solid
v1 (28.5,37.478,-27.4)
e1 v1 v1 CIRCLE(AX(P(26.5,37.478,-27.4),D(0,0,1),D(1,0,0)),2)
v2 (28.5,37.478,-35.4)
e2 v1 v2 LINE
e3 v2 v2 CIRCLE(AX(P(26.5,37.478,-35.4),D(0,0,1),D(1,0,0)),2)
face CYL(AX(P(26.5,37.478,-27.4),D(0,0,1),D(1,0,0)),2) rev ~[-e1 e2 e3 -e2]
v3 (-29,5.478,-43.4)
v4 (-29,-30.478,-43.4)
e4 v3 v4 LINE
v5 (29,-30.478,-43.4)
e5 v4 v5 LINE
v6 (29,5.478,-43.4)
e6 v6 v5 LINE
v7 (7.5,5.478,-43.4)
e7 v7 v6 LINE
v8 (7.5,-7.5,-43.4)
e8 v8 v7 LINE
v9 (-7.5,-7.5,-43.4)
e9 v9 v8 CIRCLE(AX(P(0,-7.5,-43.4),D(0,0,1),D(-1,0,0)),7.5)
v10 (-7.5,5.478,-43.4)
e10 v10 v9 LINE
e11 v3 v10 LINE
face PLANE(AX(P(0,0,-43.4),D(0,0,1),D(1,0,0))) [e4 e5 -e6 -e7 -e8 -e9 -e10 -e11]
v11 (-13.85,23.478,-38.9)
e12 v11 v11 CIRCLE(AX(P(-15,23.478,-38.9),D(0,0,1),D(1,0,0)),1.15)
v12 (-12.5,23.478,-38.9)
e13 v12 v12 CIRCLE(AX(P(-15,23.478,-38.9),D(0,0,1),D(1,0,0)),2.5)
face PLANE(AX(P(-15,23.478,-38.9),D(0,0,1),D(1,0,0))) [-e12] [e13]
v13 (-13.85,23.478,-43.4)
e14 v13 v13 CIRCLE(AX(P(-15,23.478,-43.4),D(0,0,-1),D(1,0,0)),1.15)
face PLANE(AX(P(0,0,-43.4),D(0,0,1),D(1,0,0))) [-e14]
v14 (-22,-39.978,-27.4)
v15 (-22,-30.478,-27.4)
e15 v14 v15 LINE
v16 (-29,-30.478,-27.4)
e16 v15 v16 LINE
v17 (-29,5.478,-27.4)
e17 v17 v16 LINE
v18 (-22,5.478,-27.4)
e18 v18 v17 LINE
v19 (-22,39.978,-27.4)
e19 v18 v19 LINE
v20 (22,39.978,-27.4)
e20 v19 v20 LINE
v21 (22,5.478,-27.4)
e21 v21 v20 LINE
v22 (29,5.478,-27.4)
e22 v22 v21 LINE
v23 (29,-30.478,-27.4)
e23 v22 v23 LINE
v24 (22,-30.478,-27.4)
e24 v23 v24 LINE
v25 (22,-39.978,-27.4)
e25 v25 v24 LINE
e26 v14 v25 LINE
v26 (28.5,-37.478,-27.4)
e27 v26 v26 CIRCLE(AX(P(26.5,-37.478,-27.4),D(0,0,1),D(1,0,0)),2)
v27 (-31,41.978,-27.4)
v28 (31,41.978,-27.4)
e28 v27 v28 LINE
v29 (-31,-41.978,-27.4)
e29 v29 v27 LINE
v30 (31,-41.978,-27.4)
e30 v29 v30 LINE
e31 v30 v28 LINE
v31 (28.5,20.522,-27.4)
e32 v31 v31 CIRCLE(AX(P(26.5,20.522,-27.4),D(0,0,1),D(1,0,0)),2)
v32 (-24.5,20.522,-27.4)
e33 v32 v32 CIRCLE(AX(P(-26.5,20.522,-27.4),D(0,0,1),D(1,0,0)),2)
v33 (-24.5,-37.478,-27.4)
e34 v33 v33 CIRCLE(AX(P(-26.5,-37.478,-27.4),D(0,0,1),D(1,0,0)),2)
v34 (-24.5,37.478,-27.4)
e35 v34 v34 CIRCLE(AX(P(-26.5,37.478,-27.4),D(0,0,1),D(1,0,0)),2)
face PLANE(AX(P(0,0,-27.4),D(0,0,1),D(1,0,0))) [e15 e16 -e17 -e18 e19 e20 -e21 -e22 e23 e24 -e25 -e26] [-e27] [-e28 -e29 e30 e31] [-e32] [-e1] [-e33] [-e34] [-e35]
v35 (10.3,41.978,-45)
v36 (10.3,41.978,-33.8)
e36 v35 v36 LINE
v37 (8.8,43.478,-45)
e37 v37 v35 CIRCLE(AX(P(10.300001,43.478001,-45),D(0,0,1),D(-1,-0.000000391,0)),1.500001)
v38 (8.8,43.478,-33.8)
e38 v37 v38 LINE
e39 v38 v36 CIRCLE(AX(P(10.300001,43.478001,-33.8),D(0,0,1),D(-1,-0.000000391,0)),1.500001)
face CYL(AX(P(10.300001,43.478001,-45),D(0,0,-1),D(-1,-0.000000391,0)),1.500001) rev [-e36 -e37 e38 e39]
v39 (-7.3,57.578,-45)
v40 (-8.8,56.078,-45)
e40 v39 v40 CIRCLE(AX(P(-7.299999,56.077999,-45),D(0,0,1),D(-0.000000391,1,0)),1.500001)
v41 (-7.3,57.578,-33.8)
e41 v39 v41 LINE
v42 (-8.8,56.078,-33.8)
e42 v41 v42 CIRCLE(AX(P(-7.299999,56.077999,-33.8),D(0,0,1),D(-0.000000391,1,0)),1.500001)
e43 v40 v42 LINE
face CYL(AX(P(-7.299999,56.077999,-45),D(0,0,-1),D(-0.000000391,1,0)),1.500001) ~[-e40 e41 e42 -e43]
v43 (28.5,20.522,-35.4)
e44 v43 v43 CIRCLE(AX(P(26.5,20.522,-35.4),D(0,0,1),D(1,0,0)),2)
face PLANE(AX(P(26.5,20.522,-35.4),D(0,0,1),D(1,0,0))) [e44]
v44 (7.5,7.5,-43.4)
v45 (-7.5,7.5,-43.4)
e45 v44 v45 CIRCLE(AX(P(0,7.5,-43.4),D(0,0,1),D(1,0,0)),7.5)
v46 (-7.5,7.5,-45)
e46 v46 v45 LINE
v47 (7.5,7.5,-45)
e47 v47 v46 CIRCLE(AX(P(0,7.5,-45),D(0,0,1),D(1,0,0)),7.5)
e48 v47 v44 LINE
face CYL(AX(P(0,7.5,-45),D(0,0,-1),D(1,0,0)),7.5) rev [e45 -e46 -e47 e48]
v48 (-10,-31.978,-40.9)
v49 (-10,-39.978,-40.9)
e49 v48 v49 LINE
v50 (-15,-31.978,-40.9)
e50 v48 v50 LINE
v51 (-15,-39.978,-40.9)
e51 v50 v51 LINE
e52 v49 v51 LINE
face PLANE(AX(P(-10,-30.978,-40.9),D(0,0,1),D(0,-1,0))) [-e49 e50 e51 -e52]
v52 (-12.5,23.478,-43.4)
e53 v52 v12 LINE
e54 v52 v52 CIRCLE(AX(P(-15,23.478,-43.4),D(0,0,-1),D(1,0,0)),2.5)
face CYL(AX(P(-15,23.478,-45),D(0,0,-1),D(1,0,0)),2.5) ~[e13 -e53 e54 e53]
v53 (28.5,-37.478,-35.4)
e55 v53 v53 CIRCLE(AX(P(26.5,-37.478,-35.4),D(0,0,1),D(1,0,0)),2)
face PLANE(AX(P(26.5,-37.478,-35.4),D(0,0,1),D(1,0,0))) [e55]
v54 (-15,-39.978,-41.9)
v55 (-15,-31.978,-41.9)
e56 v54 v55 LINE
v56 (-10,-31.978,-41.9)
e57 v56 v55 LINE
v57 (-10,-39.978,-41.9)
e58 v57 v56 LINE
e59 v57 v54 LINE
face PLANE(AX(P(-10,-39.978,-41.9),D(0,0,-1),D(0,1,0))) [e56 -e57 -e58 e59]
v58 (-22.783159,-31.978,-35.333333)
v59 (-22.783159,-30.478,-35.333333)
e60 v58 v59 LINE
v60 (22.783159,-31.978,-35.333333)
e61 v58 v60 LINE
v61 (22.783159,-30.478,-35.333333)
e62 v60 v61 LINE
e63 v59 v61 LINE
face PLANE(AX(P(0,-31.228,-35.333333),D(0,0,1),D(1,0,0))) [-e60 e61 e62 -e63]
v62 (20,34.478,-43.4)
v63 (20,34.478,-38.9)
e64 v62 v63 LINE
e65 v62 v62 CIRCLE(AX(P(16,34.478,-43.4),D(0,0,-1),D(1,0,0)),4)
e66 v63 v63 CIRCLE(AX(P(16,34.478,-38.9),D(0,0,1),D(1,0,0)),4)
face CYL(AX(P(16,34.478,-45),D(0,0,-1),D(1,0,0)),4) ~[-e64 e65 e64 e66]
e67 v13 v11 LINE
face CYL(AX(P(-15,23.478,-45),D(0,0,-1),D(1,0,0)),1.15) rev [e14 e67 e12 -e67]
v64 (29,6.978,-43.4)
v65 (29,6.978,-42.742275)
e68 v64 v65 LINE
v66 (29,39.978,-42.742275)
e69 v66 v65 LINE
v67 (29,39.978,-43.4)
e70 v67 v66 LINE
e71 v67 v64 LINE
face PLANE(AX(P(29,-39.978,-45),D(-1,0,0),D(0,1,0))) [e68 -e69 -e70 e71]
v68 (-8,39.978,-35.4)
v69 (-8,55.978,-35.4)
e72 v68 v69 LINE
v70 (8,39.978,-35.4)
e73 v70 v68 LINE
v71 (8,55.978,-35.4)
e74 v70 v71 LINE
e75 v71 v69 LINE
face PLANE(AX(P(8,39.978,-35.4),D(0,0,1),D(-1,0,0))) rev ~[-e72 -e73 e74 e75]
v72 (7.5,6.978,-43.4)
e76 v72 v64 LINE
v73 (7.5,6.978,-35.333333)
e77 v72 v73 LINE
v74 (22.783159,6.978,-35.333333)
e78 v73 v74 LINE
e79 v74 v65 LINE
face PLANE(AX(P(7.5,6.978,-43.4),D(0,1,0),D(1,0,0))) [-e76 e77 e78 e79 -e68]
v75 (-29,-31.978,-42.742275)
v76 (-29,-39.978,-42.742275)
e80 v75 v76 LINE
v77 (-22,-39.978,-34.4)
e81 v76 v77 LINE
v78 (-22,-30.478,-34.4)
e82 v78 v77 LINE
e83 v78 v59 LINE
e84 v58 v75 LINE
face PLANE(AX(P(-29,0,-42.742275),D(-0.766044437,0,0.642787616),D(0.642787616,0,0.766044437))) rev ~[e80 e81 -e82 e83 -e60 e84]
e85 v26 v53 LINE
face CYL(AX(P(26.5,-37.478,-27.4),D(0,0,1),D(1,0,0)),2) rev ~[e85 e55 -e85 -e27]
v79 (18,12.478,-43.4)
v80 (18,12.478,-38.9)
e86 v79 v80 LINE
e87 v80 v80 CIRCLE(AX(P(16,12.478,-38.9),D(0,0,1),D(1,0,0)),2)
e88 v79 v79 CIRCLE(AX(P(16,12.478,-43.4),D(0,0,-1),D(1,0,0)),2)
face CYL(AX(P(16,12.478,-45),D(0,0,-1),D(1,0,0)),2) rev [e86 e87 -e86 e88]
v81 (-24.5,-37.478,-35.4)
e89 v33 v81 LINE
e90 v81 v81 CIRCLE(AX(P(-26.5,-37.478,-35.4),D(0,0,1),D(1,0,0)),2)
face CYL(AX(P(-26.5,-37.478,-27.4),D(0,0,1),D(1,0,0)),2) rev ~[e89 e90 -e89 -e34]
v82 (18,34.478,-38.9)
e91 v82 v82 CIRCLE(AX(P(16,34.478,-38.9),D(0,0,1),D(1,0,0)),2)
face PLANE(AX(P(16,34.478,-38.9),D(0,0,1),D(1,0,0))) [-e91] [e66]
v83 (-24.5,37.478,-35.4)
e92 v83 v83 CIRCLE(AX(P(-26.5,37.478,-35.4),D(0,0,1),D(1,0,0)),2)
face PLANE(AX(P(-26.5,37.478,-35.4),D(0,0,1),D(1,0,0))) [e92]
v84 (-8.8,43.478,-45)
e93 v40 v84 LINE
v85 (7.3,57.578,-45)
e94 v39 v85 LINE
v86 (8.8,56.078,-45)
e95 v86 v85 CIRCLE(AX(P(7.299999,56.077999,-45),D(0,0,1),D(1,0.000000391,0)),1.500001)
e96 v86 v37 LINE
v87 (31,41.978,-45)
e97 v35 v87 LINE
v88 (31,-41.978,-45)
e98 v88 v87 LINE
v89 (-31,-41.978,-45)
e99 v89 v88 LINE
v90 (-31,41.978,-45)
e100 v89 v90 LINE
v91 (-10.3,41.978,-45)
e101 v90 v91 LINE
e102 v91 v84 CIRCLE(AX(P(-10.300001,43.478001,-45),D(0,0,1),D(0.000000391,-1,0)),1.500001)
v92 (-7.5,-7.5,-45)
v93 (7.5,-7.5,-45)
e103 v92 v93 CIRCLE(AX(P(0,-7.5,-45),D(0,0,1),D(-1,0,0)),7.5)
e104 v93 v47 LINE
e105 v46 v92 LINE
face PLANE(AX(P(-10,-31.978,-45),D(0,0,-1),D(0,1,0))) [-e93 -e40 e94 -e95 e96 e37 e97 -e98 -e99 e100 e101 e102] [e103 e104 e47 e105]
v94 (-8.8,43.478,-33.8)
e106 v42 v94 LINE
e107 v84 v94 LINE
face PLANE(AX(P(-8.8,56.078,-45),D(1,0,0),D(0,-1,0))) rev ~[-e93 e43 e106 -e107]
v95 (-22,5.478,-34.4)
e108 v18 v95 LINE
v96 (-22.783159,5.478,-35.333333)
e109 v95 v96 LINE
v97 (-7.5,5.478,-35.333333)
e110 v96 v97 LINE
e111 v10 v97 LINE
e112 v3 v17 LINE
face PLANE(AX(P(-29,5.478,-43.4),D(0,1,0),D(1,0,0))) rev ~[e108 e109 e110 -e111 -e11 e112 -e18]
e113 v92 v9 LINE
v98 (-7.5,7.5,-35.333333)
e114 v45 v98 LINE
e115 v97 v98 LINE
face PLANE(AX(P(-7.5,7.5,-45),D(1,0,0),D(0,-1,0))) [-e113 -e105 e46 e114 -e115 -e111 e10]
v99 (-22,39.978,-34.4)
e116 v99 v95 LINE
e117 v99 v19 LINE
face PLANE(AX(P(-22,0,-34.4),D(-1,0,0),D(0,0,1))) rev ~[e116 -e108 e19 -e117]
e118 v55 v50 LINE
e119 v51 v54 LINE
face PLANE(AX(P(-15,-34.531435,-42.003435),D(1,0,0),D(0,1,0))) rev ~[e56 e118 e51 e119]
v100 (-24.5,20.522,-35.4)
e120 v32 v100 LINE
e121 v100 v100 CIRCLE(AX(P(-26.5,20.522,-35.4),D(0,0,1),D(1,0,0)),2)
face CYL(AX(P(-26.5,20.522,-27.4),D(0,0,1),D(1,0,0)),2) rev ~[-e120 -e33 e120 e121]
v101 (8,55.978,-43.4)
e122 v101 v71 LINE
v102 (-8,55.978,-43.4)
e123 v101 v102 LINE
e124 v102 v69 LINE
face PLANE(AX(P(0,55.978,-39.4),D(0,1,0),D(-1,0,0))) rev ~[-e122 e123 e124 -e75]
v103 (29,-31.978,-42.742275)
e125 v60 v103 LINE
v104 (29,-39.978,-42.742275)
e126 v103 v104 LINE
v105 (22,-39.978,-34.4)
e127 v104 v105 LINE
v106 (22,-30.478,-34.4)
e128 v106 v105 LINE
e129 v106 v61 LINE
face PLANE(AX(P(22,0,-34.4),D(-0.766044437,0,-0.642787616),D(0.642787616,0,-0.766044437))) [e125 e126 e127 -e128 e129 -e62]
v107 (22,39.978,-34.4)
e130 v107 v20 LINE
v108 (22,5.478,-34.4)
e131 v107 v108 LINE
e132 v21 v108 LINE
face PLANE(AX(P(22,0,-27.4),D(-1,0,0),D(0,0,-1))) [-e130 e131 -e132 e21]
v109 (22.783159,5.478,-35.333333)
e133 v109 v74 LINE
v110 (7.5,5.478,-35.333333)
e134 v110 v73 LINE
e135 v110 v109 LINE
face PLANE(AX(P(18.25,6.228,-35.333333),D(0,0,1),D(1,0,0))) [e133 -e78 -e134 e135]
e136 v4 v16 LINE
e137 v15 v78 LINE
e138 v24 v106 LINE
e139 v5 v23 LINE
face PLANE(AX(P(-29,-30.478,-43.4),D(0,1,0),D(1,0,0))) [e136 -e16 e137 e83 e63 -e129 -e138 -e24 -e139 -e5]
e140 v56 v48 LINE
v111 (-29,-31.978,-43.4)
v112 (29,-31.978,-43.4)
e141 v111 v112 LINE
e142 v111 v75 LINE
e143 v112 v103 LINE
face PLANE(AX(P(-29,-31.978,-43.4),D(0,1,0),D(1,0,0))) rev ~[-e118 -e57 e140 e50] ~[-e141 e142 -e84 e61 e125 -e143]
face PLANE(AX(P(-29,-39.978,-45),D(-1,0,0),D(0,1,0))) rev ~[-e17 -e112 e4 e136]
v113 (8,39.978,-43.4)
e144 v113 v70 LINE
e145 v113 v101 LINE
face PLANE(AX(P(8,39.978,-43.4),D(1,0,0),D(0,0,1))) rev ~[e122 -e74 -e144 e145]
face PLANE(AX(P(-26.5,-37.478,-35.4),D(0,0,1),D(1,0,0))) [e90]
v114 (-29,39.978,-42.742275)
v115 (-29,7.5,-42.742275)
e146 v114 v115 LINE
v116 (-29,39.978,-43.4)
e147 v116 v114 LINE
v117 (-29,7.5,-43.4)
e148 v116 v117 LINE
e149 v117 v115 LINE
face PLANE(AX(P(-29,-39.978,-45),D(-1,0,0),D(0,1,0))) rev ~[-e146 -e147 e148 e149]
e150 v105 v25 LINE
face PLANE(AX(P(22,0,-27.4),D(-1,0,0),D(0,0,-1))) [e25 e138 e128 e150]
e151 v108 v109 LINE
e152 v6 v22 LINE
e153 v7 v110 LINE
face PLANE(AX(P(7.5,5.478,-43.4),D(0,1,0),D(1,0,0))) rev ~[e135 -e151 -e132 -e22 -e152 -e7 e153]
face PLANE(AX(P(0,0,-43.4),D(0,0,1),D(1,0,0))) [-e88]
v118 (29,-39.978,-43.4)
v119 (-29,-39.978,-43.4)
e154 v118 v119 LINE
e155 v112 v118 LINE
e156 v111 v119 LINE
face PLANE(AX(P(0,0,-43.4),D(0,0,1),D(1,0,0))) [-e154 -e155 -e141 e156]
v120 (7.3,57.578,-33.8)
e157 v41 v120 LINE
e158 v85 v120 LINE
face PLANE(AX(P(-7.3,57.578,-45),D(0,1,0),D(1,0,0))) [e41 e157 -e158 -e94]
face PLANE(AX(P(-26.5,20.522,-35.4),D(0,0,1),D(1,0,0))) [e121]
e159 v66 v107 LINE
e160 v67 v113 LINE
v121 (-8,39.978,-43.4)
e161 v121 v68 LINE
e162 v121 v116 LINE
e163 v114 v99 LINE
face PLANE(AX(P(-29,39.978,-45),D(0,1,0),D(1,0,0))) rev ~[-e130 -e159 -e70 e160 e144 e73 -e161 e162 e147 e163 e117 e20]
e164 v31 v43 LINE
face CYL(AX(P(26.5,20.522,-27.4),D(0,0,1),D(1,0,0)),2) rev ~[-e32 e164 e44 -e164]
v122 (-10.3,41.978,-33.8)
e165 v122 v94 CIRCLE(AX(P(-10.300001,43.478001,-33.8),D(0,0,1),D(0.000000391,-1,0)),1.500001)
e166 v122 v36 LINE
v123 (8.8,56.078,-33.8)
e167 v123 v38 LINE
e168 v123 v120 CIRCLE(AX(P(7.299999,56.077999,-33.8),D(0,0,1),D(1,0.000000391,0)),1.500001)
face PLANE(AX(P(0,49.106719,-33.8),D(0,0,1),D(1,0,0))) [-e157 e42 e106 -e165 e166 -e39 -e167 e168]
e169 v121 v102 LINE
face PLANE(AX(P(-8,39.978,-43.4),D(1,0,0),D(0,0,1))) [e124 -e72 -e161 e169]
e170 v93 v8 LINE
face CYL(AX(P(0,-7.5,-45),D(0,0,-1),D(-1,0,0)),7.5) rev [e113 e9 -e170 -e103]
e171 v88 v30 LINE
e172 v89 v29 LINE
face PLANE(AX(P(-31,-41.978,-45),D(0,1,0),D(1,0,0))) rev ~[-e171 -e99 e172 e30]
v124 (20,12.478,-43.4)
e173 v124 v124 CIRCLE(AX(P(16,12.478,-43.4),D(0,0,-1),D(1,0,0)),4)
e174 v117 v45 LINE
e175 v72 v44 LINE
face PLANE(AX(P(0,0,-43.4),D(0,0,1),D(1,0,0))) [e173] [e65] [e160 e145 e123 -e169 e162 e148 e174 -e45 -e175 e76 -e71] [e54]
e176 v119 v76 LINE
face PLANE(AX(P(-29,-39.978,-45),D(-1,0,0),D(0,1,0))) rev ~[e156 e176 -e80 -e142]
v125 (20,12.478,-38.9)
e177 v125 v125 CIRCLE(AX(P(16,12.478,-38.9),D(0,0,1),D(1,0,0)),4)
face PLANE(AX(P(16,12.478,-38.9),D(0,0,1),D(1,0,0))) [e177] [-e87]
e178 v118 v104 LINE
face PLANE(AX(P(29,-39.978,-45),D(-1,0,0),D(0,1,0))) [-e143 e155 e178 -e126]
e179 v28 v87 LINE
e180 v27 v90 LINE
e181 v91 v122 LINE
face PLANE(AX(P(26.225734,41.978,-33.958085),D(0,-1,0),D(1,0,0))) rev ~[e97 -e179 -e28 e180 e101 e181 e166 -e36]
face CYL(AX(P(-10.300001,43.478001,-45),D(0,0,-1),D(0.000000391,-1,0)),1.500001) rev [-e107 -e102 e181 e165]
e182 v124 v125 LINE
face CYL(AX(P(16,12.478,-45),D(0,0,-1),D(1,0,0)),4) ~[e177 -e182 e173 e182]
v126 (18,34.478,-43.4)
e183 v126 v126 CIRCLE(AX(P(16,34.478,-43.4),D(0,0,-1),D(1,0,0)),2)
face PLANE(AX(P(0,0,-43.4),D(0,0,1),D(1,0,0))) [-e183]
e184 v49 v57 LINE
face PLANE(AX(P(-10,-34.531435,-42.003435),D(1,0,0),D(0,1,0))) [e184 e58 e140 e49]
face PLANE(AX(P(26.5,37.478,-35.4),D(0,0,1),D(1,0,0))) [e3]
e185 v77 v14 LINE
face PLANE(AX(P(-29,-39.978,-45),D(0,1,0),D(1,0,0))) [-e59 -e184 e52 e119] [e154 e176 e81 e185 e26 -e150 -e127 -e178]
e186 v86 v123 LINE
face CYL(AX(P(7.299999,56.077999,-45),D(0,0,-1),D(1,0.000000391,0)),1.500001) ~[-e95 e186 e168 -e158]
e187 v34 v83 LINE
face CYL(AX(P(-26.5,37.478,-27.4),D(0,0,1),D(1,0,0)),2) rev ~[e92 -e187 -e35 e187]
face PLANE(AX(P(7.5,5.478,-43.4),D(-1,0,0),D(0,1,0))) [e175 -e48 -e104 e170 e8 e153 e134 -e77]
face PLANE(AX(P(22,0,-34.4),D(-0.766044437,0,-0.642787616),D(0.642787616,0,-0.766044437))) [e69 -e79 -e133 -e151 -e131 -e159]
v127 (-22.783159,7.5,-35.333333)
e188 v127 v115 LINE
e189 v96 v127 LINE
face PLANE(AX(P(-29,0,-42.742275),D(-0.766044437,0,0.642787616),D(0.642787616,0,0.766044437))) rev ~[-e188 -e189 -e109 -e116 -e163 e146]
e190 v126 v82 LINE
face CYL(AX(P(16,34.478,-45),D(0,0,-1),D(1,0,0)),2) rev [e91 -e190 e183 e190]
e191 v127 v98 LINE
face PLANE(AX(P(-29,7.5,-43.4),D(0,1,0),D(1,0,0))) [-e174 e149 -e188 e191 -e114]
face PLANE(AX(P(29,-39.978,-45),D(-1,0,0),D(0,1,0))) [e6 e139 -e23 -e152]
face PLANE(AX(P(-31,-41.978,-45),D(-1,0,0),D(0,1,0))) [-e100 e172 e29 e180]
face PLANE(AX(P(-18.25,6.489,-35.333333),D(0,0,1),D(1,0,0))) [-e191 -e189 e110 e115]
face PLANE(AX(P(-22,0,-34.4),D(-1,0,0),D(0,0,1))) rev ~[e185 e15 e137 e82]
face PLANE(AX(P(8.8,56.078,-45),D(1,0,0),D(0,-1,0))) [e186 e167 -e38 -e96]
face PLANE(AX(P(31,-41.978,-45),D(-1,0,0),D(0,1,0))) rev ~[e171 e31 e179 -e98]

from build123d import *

# Parameters (mm, degrees)
SKETCH_W        = 62
SKETCH_H        = 83.956
PAD_DEPTH       = 1.6
SKETCH001_W     = 62
SKETCH001_H     = 83.956
SKETCH001_W_2   = 58
SKETCH001_H_2   = 79.956
PAD001_DEPTH    = 17.6
PAD002_DEPTH    = 41.978
SKETCH003_R     = 4
SKETCH003_R_2   = 2
SKETCH003_R_3   = 2.5
SKETCH003_R_4   = 1.15
PAD003_DEPTH    = 6.1
PAD004_START    = -10
PAD004_DEPTH    = 5
SKETCH005_W     = 21.5
SKETCH005_H     = 1.5
SKETCH005_H_2   = 2.022
SKETCH005_W_2   = 58
PAD005_DEPTH    = 8.066667
SKETCH010_W     = 58
SKETCH010_H     = 35.956
POCKET006_DEPTH = 17.6
PAD008_DEPTH    = 11.2
SKETCH012_W     = 16
SKETCH012_H     = 8
POCKET003_DEPTH = 16
SKETCH013_R     = 2
POCKET004_DEPTH = 8


with BuildPart() as part:
    # Sketch → Pad (new body)
    with BuildSketch(Plane.XY):
        Rectangle(SKETCH_W, SKETCH_H)
        with BuildLine():
            ThreePointArc((7.5, 7.5), (0, 15), (-7.5, 7.5))
            Line((-7.5, 7.5), (-7.5, -7.5))
            ThreePointArc((-7.5, -7.5), (0, -15), (7.5, -7.5))
            Line((7.5, -7.5), (7.5, 7.5))
        make_face(mode=Mode.SUBTRACT)
    extrude(amount=PAD_DEPTH)

    # Sketch001 → Pad001 (join)
    with BuildSketch(Plane.XY):
        Rectangle(SKETCH001_W, SKETCH001_H)
        Rectangle(SKETCH001_W_2, SKETCH001_H_2, mode=Mode.SUBTRACT)
    extrude(amount=PAD001_DEPTH)

    # Sketch002 → Pad002 (join, symmetric)
    with BuildSketch(Plane.XZ):
        Polygon((-29, 17.6), (-29, 2.257725), (-22, 10.6), (-22, 17.6), align=None)
        Polygon((22, 17.6), (22, 10.6), (29, 2.257725), (29, 17.6), align=None)
    extrude(amount=PAD002_DEPTH, both=True)

    # Sketch003 → Pad003 (join)
    with BuildSketch(Plane.XY):
        with Locations((16, 34.478)):
            Circle(SKETCH003_R)
        with Locations((16, 34.478)):
            Circle(SKETCH003_R_2, mode=Mode.SUBTRACT)
        with Locations((16, 12.478)):
            Circle(SKETCH003_R)
        with Locations((16, 12.478)):
            Circle(SKETCH003_R_2, mode=Mode.SUBTRACT)
        with Locations((-15, 23.478)):
            Circle(SKETCH003_R_3)
        with Locations((-15, 23.478)):
            Circle(SKETCH003_R_4, mode=Mode.SUBTRACT)
    extrude(amount=PAD003_DEPTH)

    # Sketch004 → Pad004 (join)
    with BuildSketch(Plane.YZ.offset(PAD004_START)):
        Polygon((-30.978, 0), (-30.978, 4.1), (-39.978, 4.1), (-39.978, 3.1), (-31.978, 3.1), (-31.978, 0), align=None)
    extrude(amount=-PAD004_DEPTH)

    # Sketch005 → Pad005 (join)
    with BuildSketch(Plane.XY.offset(1.6)):
        with Locations((18.25, 6.228)):
            Rectangle(SKETCH005_W, SKETCH005_H)
        with Locations((-18.25, 6.489)):
            Rectangle(SKETCH005_W, SKETCH005_H_2)
        with Locations((0, -31.228)):
            Rectangle(SKETCH005_W_2, SKETCH005_H)
    extrude(amount=PAD005_DEPTH)

    # Sketch010 → Pocket006 (cut)
    with BuildSketch(Plane.XY.offset(1.6)):
        with Locations((0, -12.5)):
            Rectangle(SKETCH010_W, SKETCH010_H)
    extrude(amount=POCKET006_DEPTH, mode=Mode.SUBTRACT)

    # Sketch011 → Pad008 (join)
    with BuildSketch(Plane.XY):
        with BuildLine():
            Line((-10.3, 41.978), (10.3, 41.978))
            ThreePointArc((8.8, 43.478), (9.23934, 42.41734), (10.3, 41.978))
            Line((8.8, 56.078), (8.8, 43.478))
            ThreePointArc((8.8, 56.078), (8.36066, 57.13866), (7.3, 57.578))
            Line((-7.3, 57.578), (7.3, 57.578))
            ThreePointArc((-7.3, 57.578), (-8.36066, 57.13866), (-8.8, 56.078))
            Line((-8.8, 56.078), (-8.8, 43.478))
            ThreePointArc((-10.3, 41.978), (-9.23934, 42.41734), (-8.8, 43.478))
        make_face()
    extrude(amount=PAD008_DEPTH)

    # Sketch012 → Pocket003 (cut)
    with BuildSketch(Plane(origin=(0, 39.978, 0), x_dir=(-1, 0, 0), z_dir=(0, 1, 0))):
        with Locations((0, 5.6)):
            Rectangle(SKETCH012_W, SKETCH012_H)
    extrude(amount=POCKET003_DEPTH, mode=Mode.SUBTRACT)

    # Sketch013 (on DatumPlane) → Pocket004 (cut)
    with BuildSketch(Plane.XY.offset(17.6)):
        with Locations((-26.5, 37.478)):
            Circle(SKETCH013_R)
        with Locations((-26.5, -37.478)):
            Circle(SKETCH013_R)
        with Locations((26.5, -37.478)):
            Circle(SKETCH013_R)
        with Locations((26.5, 37.478)):
            Circle(SKETCH013_R)
        with Locations((-26.5, 20.522)):
            Circle(SKETCH013_R)
        with Locations((26.5, 20.522)):
            Circle(SKETCH013_R)
    extrude(amount=-POCKET004_DEPTH, mode=Mode.SUBTRACT)


with BuildPart() as part_1:
    # Body placement: moved
    add(part.part.moved(Location((0, 0, -45))))


solid = part_1.part
